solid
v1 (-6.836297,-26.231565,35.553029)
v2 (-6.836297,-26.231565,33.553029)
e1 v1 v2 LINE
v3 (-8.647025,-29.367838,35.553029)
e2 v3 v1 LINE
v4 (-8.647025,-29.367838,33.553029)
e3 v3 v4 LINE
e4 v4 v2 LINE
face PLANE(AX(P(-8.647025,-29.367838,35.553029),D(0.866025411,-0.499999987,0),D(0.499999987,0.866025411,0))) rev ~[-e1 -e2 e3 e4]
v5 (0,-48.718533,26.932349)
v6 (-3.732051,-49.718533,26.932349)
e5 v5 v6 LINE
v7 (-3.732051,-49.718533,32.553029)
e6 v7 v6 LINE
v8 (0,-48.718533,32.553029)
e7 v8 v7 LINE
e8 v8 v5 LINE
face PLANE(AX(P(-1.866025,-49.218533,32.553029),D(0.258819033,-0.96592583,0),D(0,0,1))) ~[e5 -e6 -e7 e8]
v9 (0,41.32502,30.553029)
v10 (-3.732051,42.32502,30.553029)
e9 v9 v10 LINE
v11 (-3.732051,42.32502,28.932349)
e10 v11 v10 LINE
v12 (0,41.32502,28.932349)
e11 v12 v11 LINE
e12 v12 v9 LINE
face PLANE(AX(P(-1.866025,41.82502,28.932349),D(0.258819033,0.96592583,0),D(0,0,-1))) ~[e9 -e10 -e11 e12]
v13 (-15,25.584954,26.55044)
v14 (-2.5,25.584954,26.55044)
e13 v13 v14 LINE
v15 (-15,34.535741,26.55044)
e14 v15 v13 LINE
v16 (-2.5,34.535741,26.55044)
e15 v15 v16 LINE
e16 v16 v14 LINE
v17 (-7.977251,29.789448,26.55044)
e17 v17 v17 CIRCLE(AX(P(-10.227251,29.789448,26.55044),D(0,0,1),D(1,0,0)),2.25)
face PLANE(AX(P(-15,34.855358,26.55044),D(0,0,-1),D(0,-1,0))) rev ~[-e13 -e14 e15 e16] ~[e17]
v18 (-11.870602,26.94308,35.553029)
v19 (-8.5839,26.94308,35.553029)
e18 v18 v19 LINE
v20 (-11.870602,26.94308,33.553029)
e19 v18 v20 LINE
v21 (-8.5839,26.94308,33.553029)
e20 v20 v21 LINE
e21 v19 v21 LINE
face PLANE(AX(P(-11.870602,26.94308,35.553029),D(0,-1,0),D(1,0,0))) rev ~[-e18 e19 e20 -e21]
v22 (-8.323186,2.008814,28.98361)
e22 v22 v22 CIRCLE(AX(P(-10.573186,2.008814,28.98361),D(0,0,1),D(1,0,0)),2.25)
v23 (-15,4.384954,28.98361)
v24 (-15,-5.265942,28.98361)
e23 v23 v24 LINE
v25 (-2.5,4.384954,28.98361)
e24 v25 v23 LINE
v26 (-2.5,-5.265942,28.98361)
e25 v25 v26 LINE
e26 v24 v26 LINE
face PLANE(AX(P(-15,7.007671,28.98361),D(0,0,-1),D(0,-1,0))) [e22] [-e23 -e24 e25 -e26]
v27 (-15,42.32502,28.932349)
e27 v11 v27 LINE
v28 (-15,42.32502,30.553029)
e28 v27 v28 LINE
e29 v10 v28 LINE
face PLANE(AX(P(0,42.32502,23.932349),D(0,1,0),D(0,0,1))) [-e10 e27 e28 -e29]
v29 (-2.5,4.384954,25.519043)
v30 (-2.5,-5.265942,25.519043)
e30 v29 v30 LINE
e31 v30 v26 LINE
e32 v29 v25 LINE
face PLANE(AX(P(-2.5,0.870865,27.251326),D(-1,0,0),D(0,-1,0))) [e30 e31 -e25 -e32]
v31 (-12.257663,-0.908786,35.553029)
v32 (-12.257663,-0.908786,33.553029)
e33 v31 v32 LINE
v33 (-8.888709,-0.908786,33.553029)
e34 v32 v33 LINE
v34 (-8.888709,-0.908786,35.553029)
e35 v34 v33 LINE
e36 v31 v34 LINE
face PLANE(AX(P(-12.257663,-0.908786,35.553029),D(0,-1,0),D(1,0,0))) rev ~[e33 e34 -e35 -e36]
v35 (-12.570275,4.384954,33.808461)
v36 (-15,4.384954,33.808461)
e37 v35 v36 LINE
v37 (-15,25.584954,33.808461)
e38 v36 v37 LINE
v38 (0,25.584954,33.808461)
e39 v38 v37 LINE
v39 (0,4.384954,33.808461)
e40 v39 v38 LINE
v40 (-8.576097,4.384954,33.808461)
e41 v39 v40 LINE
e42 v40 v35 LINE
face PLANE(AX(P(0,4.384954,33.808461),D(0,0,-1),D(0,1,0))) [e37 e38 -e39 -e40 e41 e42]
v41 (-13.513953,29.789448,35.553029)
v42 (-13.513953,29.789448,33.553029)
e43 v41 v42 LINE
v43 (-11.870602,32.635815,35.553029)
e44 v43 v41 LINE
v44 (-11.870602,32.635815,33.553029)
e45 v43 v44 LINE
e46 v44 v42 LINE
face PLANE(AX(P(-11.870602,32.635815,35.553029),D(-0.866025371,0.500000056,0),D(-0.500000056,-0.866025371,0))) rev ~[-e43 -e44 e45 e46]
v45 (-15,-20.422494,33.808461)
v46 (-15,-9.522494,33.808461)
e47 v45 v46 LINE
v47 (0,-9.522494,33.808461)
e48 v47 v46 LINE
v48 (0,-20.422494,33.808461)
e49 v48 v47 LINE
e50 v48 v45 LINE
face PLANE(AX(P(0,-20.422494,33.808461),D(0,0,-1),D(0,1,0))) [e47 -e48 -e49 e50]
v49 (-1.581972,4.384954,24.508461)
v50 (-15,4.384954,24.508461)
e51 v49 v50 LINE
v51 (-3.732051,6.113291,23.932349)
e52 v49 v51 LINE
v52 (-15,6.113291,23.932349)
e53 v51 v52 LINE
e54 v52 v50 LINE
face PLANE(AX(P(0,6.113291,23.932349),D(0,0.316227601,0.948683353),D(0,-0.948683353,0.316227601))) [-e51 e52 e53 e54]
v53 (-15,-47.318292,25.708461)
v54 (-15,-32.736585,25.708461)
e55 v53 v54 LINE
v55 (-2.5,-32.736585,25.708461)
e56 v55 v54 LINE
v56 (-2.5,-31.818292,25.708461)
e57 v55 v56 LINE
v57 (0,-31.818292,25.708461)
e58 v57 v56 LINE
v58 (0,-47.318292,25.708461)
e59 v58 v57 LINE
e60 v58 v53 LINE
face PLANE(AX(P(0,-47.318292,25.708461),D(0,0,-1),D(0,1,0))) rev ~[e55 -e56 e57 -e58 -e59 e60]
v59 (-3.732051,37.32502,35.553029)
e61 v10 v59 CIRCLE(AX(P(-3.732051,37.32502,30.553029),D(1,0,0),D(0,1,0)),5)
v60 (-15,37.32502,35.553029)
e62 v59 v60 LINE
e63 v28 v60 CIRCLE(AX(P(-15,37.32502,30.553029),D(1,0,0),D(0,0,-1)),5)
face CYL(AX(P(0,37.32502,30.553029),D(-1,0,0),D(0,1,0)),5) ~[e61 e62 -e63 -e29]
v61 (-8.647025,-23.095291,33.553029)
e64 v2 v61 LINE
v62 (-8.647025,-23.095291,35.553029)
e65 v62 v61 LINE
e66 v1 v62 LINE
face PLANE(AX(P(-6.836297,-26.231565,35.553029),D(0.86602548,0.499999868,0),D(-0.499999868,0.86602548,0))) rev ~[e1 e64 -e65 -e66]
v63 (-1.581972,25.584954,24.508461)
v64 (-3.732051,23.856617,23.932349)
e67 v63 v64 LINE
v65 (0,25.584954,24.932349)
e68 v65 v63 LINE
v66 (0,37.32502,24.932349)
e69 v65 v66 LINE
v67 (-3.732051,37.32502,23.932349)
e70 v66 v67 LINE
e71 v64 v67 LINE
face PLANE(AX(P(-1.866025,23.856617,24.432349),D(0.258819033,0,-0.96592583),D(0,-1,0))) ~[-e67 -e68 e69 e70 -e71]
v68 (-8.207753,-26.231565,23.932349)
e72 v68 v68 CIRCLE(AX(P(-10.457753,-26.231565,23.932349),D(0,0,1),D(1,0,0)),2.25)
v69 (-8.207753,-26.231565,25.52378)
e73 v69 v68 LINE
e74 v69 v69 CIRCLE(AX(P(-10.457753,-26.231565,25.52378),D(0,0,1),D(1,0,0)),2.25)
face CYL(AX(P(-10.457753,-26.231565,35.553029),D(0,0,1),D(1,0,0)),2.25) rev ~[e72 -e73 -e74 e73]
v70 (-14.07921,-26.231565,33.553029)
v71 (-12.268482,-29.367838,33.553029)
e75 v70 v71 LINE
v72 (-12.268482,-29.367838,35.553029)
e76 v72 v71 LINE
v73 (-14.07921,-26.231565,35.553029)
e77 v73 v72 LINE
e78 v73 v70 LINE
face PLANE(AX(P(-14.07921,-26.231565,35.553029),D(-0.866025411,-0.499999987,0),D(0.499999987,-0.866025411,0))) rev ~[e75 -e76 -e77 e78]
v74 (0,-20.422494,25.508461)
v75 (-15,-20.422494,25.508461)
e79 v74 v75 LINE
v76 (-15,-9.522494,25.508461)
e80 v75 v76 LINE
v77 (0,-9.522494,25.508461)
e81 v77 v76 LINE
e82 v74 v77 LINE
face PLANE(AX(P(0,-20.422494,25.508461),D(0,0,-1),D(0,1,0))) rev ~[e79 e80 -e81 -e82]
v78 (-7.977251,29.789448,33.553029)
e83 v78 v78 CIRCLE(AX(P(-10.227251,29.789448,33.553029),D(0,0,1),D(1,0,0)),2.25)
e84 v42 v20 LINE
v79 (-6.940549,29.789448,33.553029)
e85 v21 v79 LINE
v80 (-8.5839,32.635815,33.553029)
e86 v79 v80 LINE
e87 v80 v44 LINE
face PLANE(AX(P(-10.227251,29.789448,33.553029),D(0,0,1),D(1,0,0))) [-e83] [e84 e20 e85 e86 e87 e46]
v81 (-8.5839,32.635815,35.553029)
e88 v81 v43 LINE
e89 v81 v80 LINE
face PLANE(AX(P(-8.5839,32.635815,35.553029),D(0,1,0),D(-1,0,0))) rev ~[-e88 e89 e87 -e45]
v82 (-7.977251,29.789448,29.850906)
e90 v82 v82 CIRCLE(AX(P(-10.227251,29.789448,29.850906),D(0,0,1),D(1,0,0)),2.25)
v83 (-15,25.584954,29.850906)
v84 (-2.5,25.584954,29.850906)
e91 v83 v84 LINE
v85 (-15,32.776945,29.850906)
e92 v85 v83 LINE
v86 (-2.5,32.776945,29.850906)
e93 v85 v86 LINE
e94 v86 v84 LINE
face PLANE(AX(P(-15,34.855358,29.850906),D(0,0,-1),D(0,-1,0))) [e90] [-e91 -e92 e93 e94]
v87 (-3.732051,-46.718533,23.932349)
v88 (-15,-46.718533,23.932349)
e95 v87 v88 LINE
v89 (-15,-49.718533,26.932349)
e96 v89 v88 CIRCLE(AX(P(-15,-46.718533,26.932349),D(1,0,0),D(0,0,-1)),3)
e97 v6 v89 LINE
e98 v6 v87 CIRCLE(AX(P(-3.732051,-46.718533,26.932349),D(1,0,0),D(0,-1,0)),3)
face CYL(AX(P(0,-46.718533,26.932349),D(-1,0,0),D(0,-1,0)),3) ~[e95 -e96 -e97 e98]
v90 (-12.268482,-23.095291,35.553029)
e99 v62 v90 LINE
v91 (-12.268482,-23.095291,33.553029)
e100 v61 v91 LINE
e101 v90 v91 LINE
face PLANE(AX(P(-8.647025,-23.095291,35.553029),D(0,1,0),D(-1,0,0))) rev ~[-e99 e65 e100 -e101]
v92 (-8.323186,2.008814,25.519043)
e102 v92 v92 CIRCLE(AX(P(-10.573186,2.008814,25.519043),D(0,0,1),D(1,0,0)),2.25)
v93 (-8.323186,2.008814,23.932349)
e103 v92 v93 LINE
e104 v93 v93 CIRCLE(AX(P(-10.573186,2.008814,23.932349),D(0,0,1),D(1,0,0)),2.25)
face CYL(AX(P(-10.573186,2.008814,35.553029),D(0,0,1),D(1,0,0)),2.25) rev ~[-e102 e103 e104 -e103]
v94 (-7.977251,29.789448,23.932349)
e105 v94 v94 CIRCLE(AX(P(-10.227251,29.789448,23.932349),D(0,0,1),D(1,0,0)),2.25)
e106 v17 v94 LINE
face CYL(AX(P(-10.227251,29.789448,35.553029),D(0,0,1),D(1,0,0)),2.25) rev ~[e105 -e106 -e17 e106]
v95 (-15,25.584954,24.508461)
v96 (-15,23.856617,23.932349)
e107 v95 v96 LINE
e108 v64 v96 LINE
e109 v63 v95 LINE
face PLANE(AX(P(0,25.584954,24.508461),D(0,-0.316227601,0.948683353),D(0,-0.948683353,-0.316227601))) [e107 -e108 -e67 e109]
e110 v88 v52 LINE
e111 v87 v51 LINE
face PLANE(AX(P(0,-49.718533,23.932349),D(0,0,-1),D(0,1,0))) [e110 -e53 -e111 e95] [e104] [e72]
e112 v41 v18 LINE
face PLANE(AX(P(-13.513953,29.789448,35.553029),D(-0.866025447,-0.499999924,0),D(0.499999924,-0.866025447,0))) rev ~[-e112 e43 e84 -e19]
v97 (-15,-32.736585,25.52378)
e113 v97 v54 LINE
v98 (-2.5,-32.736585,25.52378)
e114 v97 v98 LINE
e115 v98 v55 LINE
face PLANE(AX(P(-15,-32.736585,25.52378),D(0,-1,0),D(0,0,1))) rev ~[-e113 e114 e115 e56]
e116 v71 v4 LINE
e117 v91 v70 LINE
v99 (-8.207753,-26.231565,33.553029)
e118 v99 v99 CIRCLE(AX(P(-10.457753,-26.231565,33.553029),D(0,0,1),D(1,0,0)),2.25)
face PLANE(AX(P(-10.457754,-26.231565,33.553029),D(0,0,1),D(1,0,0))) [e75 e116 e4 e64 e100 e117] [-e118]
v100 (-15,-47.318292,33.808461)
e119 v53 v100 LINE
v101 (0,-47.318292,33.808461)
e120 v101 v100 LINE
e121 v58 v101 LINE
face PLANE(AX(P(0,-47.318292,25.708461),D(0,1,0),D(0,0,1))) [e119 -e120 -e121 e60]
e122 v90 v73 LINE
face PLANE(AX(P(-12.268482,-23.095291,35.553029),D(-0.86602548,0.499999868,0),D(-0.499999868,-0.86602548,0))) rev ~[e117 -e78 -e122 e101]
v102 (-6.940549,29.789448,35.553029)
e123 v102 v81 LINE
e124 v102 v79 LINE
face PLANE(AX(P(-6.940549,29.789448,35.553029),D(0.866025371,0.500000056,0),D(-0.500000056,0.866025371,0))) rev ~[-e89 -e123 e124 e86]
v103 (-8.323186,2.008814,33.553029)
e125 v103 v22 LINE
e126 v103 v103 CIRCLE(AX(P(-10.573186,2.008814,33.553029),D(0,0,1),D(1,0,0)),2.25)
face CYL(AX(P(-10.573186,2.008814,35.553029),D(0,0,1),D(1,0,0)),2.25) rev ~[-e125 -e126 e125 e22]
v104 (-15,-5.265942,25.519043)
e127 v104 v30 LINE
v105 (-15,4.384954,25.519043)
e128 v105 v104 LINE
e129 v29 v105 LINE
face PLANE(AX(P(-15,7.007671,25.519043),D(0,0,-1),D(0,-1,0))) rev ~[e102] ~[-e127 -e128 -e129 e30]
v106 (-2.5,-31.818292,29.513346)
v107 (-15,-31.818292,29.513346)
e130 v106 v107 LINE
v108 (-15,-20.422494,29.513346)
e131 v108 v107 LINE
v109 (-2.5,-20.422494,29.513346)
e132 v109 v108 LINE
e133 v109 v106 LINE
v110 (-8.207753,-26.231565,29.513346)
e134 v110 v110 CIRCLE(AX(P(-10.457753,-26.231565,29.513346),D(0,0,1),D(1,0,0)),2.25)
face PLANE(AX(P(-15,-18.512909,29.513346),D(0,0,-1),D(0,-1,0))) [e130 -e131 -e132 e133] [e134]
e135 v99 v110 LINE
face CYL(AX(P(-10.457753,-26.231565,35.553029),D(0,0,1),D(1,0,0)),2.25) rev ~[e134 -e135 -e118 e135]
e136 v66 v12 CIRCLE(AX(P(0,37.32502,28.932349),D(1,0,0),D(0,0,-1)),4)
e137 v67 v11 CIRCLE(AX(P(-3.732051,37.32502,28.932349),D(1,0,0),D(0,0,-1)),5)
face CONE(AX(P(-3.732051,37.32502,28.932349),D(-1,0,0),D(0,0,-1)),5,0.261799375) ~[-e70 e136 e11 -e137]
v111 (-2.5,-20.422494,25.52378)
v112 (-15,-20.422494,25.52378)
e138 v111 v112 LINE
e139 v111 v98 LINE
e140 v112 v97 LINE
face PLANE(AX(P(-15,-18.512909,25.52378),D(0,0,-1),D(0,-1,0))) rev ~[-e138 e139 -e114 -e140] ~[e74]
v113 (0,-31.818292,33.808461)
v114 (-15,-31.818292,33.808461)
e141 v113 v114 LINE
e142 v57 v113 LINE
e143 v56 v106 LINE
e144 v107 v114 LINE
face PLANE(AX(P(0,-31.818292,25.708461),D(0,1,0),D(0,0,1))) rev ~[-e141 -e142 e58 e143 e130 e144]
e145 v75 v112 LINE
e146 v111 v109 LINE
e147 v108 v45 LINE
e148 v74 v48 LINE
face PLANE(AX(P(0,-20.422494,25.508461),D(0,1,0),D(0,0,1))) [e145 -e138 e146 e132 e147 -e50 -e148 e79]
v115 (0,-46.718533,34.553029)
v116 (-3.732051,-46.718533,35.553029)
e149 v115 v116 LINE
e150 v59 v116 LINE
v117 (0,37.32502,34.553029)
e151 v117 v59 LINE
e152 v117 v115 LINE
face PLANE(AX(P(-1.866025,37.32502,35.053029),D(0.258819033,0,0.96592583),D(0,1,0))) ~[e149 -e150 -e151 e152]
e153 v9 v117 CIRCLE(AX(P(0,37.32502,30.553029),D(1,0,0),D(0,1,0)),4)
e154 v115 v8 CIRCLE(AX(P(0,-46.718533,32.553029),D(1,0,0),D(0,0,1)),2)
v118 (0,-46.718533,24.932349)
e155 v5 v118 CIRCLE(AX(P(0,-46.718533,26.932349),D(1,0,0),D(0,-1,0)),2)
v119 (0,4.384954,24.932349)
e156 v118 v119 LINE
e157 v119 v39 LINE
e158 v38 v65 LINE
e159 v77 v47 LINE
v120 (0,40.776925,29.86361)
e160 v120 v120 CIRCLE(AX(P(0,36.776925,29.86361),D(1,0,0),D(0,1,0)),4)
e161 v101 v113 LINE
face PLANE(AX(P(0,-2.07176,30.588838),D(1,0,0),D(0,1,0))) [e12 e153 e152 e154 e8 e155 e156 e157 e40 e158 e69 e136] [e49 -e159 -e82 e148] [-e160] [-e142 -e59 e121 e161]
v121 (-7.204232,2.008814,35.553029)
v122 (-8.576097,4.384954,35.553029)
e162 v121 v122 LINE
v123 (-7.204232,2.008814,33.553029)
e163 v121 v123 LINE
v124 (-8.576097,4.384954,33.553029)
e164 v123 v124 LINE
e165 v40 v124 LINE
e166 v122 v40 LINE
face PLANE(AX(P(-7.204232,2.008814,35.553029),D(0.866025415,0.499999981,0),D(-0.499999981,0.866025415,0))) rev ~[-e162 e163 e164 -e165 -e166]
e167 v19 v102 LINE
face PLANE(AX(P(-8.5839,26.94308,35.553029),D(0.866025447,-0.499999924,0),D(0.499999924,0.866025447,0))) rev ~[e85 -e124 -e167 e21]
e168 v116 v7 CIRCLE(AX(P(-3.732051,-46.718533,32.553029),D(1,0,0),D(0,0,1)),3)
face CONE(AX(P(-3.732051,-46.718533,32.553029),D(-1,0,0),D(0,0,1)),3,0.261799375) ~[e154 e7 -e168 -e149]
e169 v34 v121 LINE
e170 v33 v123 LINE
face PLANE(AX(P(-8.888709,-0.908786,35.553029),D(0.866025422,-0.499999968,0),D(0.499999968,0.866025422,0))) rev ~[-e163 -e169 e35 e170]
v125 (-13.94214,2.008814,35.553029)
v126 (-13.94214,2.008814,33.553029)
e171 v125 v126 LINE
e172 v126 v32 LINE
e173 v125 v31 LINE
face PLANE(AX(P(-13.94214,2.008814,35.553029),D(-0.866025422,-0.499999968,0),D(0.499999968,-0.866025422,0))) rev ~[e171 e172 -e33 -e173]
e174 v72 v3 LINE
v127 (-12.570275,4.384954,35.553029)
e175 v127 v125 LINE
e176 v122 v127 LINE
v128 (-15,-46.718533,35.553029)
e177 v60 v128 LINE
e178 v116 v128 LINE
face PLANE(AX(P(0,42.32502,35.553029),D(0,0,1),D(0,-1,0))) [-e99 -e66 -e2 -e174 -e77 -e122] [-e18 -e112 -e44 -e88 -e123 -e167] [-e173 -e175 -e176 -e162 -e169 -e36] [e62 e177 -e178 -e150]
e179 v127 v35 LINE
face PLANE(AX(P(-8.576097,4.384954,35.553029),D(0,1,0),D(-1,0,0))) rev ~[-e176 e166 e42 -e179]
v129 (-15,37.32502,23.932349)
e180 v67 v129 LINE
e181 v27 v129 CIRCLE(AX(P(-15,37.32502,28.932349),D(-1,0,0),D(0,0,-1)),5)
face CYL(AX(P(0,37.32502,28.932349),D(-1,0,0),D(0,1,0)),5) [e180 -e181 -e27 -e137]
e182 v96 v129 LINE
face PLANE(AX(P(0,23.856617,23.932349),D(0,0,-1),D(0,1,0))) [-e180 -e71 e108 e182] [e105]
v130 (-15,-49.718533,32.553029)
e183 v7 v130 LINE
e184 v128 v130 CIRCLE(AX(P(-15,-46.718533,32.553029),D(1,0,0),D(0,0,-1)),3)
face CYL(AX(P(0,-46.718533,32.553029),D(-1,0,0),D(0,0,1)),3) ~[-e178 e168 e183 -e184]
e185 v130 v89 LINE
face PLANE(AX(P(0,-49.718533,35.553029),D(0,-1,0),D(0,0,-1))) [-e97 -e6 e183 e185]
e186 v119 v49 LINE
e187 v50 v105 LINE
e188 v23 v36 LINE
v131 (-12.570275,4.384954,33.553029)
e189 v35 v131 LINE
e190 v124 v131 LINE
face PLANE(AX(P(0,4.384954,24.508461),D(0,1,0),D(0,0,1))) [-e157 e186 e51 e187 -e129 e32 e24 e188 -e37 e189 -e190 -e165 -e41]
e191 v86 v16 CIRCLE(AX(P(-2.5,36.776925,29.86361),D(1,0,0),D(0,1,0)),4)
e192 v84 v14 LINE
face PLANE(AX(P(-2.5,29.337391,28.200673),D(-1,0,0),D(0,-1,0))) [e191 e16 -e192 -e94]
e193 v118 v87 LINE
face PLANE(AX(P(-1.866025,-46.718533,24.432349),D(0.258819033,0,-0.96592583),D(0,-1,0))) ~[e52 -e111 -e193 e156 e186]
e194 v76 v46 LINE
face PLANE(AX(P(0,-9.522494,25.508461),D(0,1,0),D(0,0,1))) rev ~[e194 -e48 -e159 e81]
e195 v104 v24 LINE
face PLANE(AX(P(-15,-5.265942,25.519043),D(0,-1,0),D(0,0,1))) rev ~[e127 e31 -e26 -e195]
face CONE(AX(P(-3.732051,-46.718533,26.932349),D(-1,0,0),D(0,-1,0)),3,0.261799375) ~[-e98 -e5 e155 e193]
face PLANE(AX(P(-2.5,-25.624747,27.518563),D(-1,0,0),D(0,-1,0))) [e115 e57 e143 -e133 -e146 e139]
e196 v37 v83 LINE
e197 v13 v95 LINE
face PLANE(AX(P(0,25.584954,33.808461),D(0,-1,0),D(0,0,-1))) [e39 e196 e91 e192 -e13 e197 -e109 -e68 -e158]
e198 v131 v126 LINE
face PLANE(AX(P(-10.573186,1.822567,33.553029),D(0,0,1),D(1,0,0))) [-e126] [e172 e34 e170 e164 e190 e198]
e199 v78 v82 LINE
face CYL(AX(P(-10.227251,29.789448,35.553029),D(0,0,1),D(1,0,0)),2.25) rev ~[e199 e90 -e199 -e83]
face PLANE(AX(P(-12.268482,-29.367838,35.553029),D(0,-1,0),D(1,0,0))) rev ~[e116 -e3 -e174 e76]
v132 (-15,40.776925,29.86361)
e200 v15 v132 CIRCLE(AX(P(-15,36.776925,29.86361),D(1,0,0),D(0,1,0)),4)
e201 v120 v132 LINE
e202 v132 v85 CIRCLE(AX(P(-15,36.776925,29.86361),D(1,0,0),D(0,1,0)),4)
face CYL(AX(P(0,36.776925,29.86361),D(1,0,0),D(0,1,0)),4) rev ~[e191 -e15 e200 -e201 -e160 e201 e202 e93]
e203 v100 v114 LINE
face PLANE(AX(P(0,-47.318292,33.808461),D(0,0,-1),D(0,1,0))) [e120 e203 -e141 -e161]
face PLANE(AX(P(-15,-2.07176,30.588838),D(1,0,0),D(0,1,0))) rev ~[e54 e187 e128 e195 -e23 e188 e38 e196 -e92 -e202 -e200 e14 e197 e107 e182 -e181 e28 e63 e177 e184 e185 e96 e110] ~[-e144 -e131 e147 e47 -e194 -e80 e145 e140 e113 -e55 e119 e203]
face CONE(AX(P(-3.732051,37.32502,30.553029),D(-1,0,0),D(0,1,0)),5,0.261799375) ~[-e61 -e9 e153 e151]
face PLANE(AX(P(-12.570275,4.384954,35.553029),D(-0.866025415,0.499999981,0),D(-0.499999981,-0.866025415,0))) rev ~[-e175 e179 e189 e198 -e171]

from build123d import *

# Parameters (mm, degrees)
F0_W     = 15.5
F0_H     = 8.1
F0_W_2   = 10.9
F0_H_2   = 8.3
F0_R     = 4
F1_DEPTH = 15
F2_W     = 11.035934
F2_H     = 3.300466
F2_W_2   = 12.273613
F2_H_2   = 3.464567
F2_W_3   = 14.223677
F2_H_3   = 3.989566
F3_DEPTH = 12.5
F4_R     = 2.25
F5_DEPTH = 25
F6_DEPTH = 2
F7_R     = 5
F8_R     = 3
F9_SIZE2 = 3.732051
F9_SIZE  = 1


with BuildPart() as f1:
    # F0 (on Right) → F1 (new body)
    with BuildSketch(Plane.YZ):
        Polygon((42.32502, 23.932349), (42.32502, 35.553029), (-49.718533, 35.553029), (-49.718533, 23.932349), (4.384954, 23.932349), (4.384954, 24.508461), (4.384954, 33.808461), (25.584954, 33.808461), (25.584954, 24.508461), (25.584954, 23.932349), align=None)
        with Locations((-39.568292, 29.758461)):
            Rectangle(F0_W, F0_H, mode=Mode.SUBTRACT)
        with Locations((-14.972494, 29.658461)):
            Rectangle(F0_W_2, F0_H_2, mode=Mode.SUBTRACT)
        with Locations((36.776925, 29.86361)):
            Circle(F0_R, mode=Mode.SUBTRACT)
        Polygon((4.384954, 24.508461), (4.384954, 23.932349), (6.113291, 23.932349), align=None)
        Polygon((23.856617, 23.932349), (25.584954, 23.932349), (25.584954, 24.508461), align=None)
    extrude(amount=-F1_DEPTH)

    # F2 (on face) → F3 (cut)
    with BuildSketch(Plane(origin=(-15, 0, 0), x_dir=(0, -1, 0), z_dir=(-1, 0, 0))):
        with Locations((-29.337391, 28.200673)):
            Rectangle(F2_W, F2_H)
        with Locations((-0.870865, 27.251326)):
            Rectangle(F2_W_2, F2_H_2)
        with Locations((25.624747, 27.518563)):
            Rectangle(F2_W_3, F2_H_3)
    extrude(amount=-F3_DEPTH, mode=Mode.SUBTRACT)

    # F4 (on face) → F5 (cut)
    with BuildSketch(Plane.XY.offset(35.553029)):
        with Locations((-10.227251, 29.789448)):
            Circle(F4_R)
        with Locations((-10.573186, 2.008814)):
            Circle(F4_R)
        with Locations((-10.457753, -26.231565)):
            Circle(F4_R)
    extrude(amount=-F5_DEPTH, mode=Mode.SUBTRACT)

    # F4 (on face) → F6 (cut)
    with BuildSketch(Plane.XY.offset(35.553029)):
        Polygon((-11.870602, 26.94308), (-8.5839, 26.94308), (-6.940549, 29.789448), (-8.5839, 32.635815), (-11.870602, 32.635815), (-13.513953, 29.789448), align=None)
        with Locations((-10.227251, 29.789448)):
            Circle(F4_R, mode=Mode.SUBTRACT)
        Polygon((-12.268482, -29.367838), (-8.647025, -29.367838), (-6.836297, -26.231565), (-8.647025, -23.095291), (-12.268482, -23.095291), (-14.07921, -26.231565), align=None)
        with Locations((-10.457753, -26.231565)):
            Circle(F4_R, mode=Mode.SUBTRACT)
        Polygon((-8.576097, 4.384954), (-12.570275, 4.384954), (-13.94214, 2.008814), (-12.257663, -0.908786), (-8.888709, -0.908786), (-7.204232, 2.008814), align=None)
        with Locations((-10.573186, 2.008814)):
            Circle(F4_R, mode=Mode.SUBTRACT)
    extrude(amount=-F6_DEPTH, mode=Mode.SUBTRACT)

    # F7
    f7_edges = [f1.edges().sort_by_distance(p)[0] for p in [
        (-7.5, 42.32502, 23.932349),
        (-7.5, 42.32502, 35.553029),
    ]]
    fillet(f7_edges, radius=F7_R)

    # F8
    f8_edges = [f1.edges().sort_by_distance(p)[0] for p in [
        (-7.5, -49.718533, 35.553029),
        (-7.5, -49.718533, 23.932349),
    ]]
    fillet(f8_edges, radius=F8_R)

    # F9
    f9_edges = [f1.edges().sort_by_distance(p)[0] for p in [
        (0, -4.696756, 35.553029),
    ]]
    chamfer(f9_edges, length=F9_SIZE, length2=F9_SIZE2)


solid = f1.part
